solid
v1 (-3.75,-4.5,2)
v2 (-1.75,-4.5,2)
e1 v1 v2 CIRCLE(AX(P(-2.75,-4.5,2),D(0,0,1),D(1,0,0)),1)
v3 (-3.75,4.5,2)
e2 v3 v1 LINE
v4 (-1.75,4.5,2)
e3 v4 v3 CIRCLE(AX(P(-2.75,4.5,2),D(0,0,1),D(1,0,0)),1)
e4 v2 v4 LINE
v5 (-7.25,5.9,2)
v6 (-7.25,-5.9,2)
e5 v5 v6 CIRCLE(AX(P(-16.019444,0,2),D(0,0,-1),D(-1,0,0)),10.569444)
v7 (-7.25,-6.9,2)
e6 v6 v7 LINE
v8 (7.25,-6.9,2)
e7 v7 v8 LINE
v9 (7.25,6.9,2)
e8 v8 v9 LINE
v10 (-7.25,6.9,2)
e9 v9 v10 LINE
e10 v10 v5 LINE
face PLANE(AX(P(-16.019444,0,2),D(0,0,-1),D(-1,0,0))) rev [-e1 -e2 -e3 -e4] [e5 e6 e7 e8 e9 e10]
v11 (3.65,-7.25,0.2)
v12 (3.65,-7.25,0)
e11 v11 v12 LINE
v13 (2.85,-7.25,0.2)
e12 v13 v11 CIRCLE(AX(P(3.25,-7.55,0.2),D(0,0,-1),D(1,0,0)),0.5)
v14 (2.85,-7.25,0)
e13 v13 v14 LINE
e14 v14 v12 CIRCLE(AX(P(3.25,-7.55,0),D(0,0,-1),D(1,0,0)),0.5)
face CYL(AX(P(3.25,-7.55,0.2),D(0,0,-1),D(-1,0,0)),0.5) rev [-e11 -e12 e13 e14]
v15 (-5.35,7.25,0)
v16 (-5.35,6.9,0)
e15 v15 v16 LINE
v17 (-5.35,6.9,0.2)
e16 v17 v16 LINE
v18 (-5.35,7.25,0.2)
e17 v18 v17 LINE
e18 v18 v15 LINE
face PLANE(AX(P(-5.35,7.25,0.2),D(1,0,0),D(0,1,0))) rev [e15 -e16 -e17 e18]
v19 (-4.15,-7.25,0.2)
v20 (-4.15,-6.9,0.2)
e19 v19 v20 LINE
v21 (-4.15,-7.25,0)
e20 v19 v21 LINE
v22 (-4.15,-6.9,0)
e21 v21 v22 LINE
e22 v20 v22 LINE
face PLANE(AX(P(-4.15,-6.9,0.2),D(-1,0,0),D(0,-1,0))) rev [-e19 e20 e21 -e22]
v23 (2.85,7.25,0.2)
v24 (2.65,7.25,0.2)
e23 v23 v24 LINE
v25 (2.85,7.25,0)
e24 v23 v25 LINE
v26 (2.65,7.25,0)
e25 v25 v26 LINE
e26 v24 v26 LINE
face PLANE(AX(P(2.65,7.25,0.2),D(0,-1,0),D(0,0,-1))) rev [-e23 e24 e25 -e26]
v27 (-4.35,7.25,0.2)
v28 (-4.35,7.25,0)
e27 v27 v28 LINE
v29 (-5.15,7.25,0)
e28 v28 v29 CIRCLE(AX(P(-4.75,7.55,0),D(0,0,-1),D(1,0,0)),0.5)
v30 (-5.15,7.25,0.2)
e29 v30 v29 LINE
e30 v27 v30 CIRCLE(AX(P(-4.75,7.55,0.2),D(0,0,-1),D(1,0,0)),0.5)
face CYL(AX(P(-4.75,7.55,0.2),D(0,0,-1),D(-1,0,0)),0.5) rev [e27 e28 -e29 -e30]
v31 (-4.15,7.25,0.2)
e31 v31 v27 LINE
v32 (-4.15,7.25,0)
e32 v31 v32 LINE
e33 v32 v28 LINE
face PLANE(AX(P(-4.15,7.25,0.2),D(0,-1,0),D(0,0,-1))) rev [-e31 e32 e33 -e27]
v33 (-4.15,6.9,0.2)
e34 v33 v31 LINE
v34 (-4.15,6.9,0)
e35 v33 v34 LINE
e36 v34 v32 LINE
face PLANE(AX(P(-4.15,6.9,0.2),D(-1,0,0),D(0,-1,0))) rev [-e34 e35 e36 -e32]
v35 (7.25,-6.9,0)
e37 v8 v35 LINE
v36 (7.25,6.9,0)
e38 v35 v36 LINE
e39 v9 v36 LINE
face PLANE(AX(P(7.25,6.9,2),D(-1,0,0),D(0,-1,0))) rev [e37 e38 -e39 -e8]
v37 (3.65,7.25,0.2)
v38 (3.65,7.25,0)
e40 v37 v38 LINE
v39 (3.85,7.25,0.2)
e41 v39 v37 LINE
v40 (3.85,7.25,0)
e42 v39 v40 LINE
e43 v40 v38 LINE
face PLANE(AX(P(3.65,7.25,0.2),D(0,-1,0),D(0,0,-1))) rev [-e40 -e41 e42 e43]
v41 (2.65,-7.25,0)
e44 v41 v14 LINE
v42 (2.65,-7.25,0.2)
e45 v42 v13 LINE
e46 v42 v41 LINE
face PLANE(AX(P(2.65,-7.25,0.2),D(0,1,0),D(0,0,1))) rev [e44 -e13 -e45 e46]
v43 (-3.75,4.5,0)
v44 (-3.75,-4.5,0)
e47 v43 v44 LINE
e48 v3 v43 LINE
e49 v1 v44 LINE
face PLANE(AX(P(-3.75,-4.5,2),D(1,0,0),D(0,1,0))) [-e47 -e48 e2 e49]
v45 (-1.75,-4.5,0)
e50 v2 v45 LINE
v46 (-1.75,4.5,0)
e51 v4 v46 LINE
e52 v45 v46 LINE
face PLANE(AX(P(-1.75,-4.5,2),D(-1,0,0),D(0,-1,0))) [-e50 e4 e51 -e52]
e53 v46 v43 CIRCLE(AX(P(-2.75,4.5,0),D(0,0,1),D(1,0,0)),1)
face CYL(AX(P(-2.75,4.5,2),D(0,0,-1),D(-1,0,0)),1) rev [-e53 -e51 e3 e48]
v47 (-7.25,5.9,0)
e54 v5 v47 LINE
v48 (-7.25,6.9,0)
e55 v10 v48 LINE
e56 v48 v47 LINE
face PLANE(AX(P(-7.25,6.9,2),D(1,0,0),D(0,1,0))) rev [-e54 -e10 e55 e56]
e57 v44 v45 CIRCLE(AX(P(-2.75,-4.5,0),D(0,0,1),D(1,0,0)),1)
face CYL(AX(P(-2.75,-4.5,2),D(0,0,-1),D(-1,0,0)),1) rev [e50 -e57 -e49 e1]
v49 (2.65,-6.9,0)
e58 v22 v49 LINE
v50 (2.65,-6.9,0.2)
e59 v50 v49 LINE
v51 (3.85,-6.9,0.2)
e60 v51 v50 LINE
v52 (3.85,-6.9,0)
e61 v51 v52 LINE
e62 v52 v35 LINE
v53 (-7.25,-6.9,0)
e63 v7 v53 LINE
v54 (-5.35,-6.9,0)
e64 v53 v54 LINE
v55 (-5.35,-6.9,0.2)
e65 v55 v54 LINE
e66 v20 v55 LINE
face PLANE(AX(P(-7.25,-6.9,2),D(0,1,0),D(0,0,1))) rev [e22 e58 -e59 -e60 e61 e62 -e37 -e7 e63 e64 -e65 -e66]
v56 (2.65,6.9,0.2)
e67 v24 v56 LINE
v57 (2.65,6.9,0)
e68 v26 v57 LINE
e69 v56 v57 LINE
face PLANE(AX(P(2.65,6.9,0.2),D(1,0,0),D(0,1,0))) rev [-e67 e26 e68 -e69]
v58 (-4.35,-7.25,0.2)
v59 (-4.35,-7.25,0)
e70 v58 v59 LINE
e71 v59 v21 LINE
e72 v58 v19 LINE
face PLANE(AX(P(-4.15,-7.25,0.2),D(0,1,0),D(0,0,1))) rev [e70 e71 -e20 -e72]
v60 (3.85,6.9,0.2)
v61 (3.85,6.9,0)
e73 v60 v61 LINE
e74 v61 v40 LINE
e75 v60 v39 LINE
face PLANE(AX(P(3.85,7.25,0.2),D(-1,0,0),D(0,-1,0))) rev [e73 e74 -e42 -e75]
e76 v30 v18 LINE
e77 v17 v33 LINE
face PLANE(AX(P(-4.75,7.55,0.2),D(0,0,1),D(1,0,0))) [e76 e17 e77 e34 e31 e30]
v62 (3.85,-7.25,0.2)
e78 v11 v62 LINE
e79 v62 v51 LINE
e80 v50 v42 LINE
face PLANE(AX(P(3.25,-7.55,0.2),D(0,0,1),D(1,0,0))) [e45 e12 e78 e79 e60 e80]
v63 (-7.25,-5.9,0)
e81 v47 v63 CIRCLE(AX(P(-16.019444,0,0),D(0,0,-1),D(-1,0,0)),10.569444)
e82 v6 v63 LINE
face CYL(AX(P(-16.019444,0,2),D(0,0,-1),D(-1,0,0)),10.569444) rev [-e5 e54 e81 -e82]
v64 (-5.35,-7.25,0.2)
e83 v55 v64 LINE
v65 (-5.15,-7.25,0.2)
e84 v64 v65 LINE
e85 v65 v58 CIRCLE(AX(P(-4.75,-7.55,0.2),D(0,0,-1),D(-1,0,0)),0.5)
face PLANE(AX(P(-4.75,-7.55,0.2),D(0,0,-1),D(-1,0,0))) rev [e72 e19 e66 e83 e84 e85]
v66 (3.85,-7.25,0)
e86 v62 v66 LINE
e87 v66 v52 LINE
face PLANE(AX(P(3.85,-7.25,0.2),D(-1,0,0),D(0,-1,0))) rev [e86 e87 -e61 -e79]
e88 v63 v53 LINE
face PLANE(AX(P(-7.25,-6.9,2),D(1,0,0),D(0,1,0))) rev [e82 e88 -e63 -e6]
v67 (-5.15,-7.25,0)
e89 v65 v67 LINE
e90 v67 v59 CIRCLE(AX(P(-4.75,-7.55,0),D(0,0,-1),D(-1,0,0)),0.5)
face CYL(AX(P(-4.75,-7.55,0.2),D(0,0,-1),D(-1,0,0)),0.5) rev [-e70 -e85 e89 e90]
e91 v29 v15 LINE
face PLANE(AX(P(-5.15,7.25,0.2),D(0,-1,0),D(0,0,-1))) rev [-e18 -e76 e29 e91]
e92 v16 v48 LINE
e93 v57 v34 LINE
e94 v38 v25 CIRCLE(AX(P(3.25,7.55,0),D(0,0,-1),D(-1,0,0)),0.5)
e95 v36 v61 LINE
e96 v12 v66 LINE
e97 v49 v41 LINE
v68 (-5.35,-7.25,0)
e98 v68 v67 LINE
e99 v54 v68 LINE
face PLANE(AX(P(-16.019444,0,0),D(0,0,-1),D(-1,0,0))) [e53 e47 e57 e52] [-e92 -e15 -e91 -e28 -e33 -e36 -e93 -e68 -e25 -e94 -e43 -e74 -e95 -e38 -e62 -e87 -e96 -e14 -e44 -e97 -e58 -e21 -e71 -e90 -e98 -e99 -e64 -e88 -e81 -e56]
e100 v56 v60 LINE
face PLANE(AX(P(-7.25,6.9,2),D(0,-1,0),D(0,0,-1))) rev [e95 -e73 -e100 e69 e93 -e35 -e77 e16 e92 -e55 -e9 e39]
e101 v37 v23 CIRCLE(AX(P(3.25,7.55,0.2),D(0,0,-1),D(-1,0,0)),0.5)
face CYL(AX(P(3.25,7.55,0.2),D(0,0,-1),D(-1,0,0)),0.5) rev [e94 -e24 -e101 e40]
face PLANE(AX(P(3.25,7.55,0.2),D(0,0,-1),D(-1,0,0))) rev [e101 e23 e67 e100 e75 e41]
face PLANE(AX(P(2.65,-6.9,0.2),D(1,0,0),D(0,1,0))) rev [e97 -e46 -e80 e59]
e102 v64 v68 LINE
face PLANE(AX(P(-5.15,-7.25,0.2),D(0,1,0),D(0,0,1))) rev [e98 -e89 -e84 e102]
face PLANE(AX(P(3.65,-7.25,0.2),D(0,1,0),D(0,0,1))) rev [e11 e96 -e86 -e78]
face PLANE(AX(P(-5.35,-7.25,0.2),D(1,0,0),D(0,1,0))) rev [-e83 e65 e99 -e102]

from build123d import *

# Parameters (mm, degrees)
BOSS_EXTRUDE1_DEPTH = 2
BOSS_EXTRUDE2_DEPTH = 0.2


with BuildPart() as part:
    # Sketch1 → Boss-Extrude1 (new body)
    with BuildSketch(Plane.XY):
        with BuildLine():
            Line((-7.25, 6.9), (-7.25, 5.9))
            ThreePointArc((-7.25, 5.9), (-5.45, 0), (-7.25, -5.9))
            Line((-7.25, -5.9), (-7.25, -6.9))
            Line((-7.25, -6.9), (7.25, -6.9))
            Line((7.25, -6.9), (7.25, 6.9))
            Line((7.25, 6.9), (-7.25, 6.9))
        make_face()
        with BuildLine():
            Line((-3.75, -4.5), (-3.75, 4.5))
            ThreePointArc((-3.75, 4.5), (-2.75, 5.5), (-1.75, 4.5))
            Line((-1.75, 4.5), (-1.75, -4.5))
            ThreePointArc((-1.75, -4.5), (-2.75, -5.5), (-3.75, -4.5))
        make_face(mode=Mode.SUBTRACT)
    extrude(amount=BOSS_EXTRUDE1_DEPTH)

    # Sketch2 → Boss-Extrude2 (add)
    with BuildSketch(Plane.XY):
        with BuildLine():
            Line((-5.15, 7.25), (-5.35, 7.25))
            Line((-5.35, 7.25), (-5.35, 6.9))
            Line((-5.35, 6.9), (-4.15, 6.9))
            Line((-4.15, 6.9), (-4.15, 7.25))
            Line((-4.15, 7.25), (-4.35, 7.25))
            ThreePointArc((-4.35, 7.25), (-4.75, 7.05), (-5.15, 7.25))
        make_face()
        with BuildLine():
            Line((2.65, 7.25), (2.85, 7.25))
            ThreePointArc((2.85, 7.25), (3.25, 7.05), (3.65, 7.25))
            Line((3.65, 7.25), (3.85, 7.25))
            Line((3.85, 7.25), (3.85, 6.9))
            Line((3.85, 6.9), (2.65, 6.9))
            Line((2.65, 6.9), (2.65, 7.25))
        make_face()
        with BuildLine():
            Line((3.65, -7.25), (3.85, -7.25))
            Line((3.85, -7.25), (3.85, -6.9))
            Line((3.85, -6.9), (2.65, -6.9))
            Line((2.65, -6.9), (2.65, -7.25))
            Line((2.65, -7.25), (2.85, -7.25))
            ThreePointArc((2.85, -7.25), (3.25, -7.05), (3.65, -7.25))
        make_face()
        with BuildLine():
            Line((-4.15, -7.25), (-4.35, -7.25))
            ThreePointArc((-4.35, -7.25), (-4.75, -7.05), (-5.15, -7.25))
            Line((-5.15, -7.25), (-5.35, -7.25))
            Line((-5.35, -7.25), (-5.35, -6.9))
            Line((-5.35, -6.9), (-4.15, -6.9))
            Line((-4.15, -6.9), (-4.15, -7.25))
        make_face()
    extrude(amount=BOSS_EXTRUDE2_DEPTH)


solid = part.part
